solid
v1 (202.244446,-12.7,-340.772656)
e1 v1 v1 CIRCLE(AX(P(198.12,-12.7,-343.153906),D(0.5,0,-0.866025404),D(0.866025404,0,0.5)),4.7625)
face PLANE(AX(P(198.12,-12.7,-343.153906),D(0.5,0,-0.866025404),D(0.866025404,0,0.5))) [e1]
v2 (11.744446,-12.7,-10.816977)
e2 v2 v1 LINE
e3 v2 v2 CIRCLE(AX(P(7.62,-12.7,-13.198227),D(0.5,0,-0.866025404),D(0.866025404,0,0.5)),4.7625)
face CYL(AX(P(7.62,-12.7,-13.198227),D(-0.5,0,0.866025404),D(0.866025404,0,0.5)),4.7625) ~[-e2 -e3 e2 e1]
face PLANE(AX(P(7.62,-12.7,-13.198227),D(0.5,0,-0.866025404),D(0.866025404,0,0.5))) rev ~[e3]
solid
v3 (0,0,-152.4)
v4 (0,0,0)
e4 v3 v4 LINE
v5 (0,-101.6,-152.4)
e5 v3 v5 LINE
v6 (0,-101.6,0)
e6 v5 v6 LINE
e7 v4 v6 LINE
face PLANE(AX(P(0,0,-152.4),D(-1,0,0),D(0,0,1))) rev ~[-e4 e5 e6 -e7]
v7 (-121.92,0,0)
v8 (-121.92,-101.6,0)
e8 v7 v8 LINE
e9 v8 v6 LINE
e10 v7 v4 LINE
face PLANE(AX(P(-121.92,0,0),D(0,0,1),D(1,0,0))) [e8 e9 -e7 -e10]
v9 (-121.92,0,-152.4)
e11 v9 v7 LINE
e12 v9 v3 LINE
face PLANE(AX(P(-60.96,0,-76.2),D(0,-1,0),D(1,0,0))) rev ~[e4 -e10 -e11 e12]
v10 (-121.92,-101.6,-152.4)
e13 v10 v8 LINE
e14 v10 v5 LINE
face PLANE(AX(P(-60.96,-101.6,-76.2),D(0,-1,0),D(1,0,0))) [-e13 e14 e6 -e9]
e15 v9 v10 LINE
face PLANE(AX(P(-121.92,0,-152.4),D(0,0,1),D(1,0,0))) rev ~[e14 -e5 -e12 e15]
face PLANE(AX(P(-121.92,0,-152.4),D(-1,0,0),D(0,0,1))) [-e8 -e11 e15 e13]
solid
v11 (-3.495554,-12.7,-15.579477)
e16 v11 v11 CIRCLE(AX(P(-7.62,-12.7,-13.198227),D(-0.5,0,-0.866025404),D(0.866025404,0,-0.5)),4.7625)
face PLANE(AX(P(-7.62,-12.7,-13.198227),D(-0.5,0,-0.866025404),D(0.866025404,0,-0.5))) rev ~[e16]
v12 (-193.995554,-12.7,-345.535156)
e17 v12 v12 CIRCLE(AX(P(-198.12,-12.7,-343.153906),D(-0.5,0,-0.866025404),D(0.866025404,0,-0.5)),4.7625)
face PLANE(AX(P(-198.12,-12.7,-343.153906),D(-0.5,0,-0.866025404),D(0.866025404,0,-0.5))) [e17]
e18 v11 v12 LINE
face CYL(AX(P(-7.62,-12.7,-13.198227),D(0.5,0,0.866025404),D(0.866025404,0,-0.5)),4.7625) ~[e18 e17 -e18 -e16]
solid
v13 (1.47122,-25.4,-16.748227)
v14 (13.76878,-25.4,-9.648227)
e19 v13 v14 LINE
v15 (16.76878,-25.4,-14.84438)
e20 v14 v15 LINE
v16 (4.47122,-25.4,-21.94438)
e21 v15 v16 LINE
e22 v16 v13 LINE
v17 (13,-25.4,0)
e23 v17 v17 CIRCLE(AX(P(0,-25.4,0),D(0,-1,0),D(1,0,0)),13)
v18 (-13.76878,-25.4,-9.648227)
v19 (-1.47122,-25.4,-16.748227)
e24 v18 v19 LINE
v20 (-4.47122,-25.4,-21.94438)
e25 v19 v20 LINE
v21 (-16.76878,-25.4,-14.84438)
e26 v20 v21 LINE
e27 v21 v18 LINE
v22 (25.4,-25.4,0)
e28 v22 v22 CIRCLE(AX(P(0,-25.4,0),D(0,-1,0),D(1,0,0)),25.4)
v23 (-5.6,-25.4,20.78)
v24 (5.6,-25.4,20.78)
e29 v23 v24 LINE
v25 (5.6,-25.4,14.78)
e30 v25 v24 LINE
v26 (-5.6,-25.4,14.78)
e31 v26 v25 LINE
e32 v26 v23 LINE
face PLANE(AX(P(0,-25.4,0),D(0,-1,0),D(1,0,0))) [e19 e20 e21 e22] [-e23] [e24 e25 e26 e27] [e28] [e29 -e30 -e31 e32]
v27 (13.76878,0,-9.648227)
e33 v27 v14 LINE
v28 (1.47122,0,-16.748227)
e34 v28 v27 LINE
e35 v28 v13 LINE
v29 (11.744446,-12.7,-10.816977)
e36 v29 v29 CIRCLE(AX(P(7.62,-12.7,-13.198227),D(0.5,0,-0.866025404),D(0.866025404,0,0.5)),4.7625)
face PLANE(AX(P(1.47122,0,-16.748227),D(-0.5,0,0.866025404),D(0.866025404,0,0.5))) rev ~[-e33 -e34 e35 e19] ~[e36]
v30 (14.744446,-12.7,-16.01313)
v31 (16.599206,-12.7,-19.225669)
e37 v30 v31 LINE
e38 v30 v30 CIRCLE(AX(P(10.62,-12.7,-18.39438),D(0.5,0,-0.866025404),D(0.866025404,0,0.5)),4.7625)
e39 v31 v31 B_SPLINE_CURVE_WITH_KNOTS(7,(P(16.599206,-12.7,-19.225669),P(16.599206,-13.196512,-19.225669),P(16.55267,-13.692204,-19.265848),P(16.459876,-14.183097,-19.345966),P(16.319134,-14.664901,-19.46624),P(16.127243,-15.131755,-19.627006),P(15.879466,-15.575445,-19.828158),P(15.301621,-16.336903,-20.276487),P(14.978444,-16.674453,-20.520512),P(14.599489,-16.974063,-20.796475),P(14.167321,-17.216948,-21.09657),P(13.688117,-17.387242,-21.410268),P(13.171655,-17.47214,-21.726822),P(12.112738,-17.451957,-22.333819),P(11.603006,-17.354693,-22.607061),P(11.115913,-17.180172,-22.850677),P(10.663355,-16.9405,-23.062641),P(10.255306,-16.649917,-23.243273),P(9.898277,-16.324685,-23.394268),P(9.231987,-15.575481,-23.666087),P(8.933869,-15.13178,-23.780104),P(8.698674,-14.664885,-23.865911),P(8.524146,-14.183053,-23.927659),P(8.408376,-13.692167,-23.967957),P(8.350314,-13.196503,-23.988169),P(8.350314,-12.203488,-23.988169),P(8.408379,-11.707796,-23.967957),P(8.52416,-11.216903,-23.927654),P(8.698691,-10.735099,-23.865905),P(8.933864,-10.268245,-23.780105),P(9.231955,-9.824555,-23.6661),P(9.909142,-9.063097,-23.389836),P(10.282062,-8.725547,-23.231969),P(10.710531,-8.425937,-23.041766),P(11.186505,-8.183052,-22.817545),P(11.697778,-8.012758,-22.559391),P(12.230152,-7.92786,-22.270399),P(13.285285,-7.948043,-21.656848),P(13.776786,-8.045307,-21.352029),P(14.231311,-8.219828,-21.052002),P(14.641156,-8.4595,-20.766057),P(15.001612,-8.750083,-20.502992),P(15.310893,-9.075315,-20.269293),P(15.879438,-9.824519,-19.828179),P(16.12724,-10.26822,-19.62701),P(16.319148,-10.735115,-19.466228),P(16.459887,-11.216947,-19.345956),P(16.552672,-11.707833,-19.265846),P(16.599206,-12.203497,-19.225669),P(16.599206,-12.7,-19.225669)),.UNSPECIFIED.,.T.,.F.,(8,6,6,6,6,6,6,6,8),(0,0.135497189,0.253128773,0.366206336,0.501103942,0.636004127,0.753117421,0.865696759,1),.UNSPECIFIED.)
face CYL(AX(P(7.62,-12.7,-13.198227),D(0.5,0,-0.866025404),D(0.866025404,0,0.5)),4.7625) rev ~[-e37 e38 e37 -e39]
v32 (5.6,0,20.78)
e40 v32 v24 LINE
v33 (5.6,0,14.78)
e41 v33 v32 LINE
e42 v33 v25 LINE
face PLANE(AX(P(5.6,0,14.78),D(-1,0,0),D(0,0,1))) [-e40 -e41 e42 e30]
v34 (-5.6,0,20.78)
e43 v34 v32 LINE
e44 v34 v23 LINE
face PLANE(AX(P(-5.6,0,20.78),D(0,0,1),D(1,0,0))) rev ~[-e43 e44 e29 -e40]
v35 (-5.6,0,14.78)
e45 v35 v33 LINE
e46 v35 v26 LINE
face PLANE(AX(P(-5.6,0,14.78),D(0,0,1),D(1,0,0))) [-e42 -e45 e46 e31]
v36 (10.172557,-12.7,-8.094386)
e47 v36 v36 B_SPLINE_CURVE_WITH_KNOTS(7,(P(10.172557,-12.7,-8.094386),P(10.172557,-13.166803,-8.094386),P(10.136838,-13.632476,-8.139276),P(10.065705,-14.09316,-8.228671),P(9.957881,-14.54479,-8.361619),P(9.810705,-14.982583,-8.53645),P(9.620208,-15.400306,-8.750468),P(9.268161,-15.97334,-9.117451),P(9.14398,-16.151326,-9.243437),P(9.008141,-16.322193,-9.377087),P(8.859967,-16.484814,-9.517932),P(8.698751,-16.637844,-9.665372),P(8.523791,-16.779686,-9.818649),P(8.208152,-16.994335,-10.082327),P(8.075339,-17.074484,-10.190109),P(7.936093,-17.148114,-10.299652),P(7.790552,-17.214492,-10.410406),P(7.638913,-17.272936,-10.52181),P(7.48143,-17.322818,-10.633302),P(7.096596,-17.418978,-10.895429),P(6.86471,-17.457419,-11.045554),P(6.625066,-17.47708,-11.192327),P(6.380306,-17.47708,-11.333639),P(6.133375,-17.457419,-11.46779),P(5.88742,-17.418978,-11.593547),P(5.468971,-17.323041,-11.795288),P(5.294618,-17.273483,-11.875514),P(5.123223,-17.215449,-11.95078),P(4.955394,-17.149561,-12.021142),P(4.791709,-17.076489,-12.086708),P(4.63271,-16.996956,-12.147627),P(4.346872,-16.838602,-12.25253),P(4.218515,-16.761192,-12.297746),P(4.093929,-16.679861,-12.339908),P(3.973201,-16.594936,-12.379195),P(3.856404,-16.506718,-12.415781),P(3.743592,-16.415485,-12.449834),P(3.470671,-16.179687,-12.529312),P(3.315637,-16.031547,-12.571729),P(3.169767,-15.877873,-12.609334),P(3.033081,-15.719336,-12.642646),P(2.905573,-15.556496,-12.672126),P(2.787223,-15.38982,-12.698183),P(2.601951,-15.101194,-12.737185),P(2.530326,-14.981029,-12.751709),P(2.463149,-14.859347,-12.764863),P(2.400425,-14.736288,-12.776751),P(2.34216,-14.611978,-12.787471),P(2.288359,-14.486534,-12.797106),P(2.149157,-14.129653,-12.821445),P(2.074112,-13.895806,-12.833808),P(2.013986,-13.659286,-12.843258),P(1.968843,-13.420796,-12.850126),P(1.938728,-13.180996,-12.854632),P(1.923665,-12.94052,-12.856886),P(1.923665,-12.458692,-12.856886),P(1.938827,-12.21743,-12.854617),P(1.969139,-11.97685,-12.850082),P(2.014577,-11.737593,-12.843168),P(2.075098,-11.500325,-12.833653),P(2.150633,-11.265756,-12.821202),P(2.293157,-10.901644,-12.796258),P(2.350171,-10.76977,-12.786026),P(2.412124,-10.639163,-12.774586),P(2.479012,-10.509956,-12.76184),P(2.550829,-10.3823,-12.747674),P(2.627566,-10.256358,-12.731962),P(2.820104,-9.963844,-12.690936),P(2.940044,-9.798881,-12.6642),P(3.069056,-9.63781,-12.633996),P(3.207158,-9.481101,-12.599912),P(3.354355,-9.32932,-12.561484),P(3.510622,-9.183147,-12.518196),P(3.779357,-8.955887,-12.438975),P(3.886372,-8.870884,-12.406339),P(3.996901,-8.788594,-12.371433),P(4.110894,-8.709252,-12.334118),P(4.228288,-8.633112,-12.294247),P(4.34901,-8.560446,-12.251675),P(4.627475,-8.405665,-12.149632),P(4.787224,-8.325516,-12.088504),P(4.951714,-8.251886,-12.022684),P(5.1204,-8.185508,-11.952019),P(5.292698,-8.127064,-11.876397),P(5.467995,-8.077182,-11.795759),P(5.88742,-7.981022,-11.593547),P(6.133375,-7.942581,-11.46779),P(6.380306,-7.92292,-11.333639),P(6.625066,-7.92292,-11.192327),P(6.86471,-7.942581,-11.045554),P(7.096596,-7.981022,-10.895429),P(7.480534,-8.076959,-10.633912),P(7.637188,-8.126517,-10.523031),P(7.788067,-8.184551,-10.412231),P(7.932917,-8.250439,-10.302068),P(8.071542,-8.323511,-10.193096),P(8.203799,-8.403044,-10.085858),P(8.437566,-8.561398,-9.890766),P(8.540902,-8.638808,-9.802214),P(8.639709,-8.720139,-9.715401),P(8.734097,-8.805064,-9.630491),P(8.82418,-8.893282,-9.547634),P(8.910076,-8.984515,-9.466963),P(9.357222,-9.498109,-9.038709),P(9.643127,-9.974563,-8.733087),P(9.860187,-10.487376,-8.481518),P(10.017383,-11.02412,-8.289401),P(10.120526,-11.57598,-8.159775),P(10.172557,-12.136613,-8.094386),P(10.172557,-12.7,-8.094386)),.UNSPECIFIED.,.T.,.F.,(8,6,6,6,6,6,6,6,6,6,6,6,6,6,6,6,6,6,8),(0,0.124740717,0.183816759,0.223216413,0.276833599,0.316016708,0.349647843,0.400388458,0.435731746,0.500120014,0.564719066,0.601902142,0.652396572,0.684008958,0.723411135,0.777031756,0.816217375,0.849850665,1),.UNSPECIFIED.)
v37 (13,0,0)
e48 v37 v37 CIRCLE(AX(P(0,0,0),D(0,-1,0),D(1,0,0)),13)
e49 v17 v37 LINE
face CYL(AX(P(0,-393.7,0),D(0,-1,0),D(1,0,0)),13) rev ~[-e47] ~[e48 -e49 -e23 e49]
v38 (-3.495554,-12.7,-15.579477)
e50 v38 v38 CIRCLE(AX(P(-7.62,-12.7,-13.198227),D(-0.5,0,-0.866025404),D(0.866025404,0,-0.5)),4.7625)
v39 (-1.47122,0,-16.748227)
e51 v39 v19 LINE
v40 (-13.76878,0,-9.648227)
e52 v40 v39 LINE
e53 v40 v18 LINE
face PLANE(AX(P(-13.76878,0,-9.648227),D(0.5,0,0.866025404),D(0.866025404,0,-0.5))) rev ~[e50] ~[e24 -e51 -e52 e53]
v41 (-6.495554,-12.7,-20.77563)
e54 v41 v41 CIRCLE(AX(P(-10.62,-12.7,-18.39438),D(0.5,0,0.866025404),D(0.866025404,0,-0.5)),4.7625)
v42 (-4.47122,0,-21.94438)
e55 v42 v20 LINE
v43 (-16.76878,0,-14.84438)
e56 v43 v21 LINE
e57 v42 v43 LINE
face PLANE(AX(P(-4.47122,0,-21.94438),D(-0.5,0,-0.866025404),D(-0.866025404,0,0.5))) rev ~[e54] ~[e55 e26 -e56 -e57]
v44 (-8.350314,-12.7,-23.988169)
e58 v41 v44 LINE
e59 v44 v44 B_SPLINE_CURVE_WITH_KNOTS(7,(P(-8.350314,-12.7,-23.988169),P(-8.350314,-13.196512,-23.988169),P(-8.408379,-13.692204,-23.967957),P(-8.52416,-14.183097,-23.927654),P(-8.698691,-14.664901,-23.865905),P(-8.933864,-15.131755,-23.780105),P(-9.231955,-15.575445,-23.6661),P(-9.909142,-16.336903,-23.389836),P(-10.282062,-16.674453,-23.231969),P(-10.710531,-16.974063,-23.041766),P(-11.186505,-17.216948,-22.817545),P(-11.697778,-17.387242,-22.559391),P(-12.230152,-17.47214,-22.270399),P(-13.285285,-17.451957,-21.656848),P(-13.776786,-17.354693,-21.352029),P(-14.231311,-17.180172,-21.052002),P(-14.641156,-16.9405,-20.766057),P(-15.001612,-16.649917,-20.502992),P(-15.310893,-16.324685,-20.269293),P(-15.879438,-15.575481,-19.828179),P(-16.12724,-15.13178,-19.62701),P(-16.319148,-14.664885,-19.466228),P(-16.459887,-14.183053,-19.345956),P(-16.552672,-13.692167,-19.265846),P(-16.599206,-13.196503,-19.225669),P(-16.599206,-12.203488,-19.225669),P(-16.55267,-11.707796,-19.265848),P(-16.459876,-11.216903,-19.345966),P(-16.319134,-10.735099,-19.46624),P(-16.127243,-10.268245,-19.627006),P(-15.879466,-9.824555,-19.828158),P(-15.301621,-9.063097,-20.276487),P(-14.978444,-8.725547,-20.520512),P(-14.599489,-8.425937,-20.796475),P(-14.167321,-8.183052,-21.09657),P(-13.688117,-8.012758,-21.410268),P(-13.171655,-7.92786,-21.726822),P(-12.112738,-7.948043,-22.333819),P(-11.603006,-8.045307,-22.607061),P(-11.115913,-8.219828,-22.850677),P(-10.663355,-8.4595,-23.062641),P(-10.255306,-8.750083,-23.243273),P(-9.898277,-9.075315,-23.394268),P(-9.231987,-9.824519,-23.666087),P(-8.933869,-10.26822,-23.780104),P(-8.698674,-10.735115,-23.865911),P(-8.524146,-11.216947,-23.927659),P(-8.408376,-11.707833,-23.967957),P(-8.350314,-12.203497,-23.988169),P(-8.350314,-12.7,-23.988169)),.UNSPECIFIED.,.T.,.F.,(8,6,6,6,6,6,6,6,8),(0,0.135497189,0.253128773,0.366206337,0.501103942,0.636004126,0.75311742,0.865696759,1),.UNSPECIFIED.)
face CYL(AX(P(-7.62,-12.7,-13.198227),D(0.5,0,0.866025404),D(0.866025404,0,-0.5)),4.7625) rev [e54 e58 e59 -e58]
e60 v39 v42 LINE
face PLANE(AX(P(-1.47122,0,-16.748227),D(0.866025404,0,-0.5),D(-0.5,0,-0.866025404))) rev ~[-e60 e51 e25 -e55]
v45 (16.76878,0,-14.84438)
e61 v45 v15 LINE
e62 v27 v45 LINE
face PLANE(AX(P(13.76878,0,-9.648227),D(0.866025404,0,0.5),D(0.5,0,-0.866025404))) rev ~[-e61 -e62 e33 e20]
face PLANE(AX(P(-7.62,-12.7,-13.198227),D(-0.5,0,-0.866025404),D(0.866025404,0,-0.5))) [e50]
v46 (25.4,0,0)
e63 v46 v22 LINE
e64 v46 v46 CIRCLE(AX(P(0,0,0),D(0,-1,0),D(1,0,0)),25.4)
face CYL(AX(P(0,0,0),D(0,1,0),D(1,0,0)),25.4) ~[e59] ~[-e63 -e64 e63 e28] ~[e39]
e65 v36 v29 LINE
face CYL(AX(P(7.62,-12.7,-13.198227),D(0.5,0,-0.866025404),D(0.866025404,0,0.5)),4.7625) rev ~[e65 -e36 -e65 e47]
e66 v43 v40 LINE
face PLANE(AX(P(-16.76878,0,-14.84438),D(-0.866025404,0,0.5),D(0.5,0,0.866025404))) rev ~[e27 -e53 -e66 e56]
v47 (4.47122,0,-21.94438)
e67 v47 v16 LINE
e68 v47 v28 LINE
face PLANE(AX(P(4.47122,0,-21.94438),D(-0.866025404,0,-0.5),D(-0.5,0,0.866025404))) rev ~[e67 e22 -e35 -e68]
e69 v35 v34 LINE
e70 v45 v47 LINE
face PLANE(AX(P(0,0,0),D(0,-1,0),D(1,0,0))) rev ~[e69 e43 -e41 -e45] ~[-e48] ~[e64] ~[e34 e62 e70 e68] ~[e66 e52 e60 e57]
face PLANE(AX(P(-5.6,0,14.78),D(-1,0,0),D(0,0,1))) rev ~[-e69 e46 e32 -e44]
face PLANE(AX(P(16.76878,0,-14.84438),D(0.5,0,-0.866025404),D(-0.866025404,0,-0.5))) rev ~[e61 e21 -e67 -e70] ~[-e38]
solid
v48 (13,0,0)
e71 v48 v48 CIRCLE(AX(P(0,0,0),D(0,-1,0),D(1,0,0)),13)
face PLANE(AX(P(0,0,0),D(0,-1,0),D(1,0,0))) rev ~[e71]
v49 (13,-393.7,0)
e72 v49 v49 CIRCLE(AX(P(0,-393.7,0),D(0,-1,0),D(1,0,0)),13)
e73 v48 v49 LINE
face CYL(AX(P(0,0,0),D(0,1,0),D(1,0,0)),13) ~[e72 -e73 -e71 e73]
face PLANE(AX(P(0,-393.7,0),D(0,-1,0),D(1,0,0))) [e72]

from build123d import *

# Parameters (mm, degrees)
F0_R      = 13
F1_DEPTH  = 393.7
F2_R      = 25.4
F2_W      = 11.2
F2_H      = 6
F3_DEPTH  = 25.4
F4_DEPTH  = 393.7
F5_R      = 4.7625
F6_DEPTH  = 381
F7_DEPTH  = 12.7
F8_R      = 4.7625
F9_DEPTH  = 381
F10_DEPTH = 25.4
F11_W     = 121.92
F11_H     = 152.4
F12_DEPTH = 101.6


with BuildPart() as f1:
    # F0 (on Front) → F1 (new body)
    with BuildSketch(Plane.XZ):
        Circle(F0_R)
    extrude(amount=F1_DEPTH)


with BuildPart() as f3:
    # F2 (on Front) → F3 (new body)
    with BuildSketch(Plane.XZ):
        Circle(F2_R)
        Polygon((-1.4712196331, -16.7482271537), (-4.4712196331, -21.9443795764), (-16.7687803669, -14.8443795764), (-13.7687803669, -9.6482271537), (-7.62, -13.1982271537), align=None, mode=Mode.SUBTRACT)
        Polygon((13.7687803669, -9.6482271537), (16.7687803669, -14.8443795764), (4.4712196331, -21.9443795764), (1.4712196331, -16.7482271537), (7.62, -13.1982271537), align=None, mode=Mode.SUBTRACT)
        with Locations((0, 17.78)):
            Rectangle(F2_W, F2_H, mode=Mode.SUBTRACT)
    extrude(amount=F3_DEPTH)

    # F4 (cut): a face of the model
    f4_faces = [f1.part.faces().sort_by_distance(p)[0] for p in [
        (0, -393.7, 0),
    ]]
    extrude(f4_faces, amount=-F4_DEPTH, mode=Mode.SUBTRACT)

    # F5 (on face) → F7 (cut, symmetric)
    with BuildSketch(Plane(origin=(7.62, 0, -13.1982271537), x_dir=(0.8660254038, 0, 0.5), z_dir=(0.5, 0, -0.8660254038))):
        with Locations((0, 12.7)):
            Circle(F5_R)
    extrude(amount=F7_DEPTH, both=True, mode=Mode.SUBTRACT)

    # F8 (on face) → F10 (cut)
    with BuildSketch(Plane(origin=(-7.62, 0, -13.1982271537), x_dir=(0.8660254038, 0, -0.5), z_dir=(-0.5, 0, -0.8660254038))):
        with Locations((0, 12.7)):
            Circle(F8_R)
    extrude(amount=F10_DEPTH, mode=Mode.SUBTRACT)


with BuildPart() as f6:
    # F5 (on face) → F6 (new body)
    with BuildSketch(Plane(origin=(7.62, 0, -13.1982271537), x_dir=(0.8660254038, 0, 0.5), z_dir=(0.5, 0, -0.8660254038))):
        with Locations((0, 12.7)):
            Circle(F5_R)
    extrude(amount=F6_DEPTH)


with BuildPart() as f9:
    # F8 (on face) → F9 (new body)
    with BuildSketch(Plane(origin=(-7.62, 0, -13.1982271537), x_dir=(0.8660254038, 0, -0.5), z_dir=(-0.5, 0, -0.8660254038))):
        with Locations((0, 12.7)):
            Circle(F8_R)
    extrude(amount=F9_DEPTH)


with BuildPart() as f12:
    # F11 (on Front) → F12 (new body)
    with BuildSketch(Plane.XZ):
        with Locations((-60.96, -76.2)):
            Rectangle(F11_W, F11_H)
    extrude(amount=F12_DEPTH)


solid = Compound([f1.part, f3.part, f6.part, f9.part, f12.part])
